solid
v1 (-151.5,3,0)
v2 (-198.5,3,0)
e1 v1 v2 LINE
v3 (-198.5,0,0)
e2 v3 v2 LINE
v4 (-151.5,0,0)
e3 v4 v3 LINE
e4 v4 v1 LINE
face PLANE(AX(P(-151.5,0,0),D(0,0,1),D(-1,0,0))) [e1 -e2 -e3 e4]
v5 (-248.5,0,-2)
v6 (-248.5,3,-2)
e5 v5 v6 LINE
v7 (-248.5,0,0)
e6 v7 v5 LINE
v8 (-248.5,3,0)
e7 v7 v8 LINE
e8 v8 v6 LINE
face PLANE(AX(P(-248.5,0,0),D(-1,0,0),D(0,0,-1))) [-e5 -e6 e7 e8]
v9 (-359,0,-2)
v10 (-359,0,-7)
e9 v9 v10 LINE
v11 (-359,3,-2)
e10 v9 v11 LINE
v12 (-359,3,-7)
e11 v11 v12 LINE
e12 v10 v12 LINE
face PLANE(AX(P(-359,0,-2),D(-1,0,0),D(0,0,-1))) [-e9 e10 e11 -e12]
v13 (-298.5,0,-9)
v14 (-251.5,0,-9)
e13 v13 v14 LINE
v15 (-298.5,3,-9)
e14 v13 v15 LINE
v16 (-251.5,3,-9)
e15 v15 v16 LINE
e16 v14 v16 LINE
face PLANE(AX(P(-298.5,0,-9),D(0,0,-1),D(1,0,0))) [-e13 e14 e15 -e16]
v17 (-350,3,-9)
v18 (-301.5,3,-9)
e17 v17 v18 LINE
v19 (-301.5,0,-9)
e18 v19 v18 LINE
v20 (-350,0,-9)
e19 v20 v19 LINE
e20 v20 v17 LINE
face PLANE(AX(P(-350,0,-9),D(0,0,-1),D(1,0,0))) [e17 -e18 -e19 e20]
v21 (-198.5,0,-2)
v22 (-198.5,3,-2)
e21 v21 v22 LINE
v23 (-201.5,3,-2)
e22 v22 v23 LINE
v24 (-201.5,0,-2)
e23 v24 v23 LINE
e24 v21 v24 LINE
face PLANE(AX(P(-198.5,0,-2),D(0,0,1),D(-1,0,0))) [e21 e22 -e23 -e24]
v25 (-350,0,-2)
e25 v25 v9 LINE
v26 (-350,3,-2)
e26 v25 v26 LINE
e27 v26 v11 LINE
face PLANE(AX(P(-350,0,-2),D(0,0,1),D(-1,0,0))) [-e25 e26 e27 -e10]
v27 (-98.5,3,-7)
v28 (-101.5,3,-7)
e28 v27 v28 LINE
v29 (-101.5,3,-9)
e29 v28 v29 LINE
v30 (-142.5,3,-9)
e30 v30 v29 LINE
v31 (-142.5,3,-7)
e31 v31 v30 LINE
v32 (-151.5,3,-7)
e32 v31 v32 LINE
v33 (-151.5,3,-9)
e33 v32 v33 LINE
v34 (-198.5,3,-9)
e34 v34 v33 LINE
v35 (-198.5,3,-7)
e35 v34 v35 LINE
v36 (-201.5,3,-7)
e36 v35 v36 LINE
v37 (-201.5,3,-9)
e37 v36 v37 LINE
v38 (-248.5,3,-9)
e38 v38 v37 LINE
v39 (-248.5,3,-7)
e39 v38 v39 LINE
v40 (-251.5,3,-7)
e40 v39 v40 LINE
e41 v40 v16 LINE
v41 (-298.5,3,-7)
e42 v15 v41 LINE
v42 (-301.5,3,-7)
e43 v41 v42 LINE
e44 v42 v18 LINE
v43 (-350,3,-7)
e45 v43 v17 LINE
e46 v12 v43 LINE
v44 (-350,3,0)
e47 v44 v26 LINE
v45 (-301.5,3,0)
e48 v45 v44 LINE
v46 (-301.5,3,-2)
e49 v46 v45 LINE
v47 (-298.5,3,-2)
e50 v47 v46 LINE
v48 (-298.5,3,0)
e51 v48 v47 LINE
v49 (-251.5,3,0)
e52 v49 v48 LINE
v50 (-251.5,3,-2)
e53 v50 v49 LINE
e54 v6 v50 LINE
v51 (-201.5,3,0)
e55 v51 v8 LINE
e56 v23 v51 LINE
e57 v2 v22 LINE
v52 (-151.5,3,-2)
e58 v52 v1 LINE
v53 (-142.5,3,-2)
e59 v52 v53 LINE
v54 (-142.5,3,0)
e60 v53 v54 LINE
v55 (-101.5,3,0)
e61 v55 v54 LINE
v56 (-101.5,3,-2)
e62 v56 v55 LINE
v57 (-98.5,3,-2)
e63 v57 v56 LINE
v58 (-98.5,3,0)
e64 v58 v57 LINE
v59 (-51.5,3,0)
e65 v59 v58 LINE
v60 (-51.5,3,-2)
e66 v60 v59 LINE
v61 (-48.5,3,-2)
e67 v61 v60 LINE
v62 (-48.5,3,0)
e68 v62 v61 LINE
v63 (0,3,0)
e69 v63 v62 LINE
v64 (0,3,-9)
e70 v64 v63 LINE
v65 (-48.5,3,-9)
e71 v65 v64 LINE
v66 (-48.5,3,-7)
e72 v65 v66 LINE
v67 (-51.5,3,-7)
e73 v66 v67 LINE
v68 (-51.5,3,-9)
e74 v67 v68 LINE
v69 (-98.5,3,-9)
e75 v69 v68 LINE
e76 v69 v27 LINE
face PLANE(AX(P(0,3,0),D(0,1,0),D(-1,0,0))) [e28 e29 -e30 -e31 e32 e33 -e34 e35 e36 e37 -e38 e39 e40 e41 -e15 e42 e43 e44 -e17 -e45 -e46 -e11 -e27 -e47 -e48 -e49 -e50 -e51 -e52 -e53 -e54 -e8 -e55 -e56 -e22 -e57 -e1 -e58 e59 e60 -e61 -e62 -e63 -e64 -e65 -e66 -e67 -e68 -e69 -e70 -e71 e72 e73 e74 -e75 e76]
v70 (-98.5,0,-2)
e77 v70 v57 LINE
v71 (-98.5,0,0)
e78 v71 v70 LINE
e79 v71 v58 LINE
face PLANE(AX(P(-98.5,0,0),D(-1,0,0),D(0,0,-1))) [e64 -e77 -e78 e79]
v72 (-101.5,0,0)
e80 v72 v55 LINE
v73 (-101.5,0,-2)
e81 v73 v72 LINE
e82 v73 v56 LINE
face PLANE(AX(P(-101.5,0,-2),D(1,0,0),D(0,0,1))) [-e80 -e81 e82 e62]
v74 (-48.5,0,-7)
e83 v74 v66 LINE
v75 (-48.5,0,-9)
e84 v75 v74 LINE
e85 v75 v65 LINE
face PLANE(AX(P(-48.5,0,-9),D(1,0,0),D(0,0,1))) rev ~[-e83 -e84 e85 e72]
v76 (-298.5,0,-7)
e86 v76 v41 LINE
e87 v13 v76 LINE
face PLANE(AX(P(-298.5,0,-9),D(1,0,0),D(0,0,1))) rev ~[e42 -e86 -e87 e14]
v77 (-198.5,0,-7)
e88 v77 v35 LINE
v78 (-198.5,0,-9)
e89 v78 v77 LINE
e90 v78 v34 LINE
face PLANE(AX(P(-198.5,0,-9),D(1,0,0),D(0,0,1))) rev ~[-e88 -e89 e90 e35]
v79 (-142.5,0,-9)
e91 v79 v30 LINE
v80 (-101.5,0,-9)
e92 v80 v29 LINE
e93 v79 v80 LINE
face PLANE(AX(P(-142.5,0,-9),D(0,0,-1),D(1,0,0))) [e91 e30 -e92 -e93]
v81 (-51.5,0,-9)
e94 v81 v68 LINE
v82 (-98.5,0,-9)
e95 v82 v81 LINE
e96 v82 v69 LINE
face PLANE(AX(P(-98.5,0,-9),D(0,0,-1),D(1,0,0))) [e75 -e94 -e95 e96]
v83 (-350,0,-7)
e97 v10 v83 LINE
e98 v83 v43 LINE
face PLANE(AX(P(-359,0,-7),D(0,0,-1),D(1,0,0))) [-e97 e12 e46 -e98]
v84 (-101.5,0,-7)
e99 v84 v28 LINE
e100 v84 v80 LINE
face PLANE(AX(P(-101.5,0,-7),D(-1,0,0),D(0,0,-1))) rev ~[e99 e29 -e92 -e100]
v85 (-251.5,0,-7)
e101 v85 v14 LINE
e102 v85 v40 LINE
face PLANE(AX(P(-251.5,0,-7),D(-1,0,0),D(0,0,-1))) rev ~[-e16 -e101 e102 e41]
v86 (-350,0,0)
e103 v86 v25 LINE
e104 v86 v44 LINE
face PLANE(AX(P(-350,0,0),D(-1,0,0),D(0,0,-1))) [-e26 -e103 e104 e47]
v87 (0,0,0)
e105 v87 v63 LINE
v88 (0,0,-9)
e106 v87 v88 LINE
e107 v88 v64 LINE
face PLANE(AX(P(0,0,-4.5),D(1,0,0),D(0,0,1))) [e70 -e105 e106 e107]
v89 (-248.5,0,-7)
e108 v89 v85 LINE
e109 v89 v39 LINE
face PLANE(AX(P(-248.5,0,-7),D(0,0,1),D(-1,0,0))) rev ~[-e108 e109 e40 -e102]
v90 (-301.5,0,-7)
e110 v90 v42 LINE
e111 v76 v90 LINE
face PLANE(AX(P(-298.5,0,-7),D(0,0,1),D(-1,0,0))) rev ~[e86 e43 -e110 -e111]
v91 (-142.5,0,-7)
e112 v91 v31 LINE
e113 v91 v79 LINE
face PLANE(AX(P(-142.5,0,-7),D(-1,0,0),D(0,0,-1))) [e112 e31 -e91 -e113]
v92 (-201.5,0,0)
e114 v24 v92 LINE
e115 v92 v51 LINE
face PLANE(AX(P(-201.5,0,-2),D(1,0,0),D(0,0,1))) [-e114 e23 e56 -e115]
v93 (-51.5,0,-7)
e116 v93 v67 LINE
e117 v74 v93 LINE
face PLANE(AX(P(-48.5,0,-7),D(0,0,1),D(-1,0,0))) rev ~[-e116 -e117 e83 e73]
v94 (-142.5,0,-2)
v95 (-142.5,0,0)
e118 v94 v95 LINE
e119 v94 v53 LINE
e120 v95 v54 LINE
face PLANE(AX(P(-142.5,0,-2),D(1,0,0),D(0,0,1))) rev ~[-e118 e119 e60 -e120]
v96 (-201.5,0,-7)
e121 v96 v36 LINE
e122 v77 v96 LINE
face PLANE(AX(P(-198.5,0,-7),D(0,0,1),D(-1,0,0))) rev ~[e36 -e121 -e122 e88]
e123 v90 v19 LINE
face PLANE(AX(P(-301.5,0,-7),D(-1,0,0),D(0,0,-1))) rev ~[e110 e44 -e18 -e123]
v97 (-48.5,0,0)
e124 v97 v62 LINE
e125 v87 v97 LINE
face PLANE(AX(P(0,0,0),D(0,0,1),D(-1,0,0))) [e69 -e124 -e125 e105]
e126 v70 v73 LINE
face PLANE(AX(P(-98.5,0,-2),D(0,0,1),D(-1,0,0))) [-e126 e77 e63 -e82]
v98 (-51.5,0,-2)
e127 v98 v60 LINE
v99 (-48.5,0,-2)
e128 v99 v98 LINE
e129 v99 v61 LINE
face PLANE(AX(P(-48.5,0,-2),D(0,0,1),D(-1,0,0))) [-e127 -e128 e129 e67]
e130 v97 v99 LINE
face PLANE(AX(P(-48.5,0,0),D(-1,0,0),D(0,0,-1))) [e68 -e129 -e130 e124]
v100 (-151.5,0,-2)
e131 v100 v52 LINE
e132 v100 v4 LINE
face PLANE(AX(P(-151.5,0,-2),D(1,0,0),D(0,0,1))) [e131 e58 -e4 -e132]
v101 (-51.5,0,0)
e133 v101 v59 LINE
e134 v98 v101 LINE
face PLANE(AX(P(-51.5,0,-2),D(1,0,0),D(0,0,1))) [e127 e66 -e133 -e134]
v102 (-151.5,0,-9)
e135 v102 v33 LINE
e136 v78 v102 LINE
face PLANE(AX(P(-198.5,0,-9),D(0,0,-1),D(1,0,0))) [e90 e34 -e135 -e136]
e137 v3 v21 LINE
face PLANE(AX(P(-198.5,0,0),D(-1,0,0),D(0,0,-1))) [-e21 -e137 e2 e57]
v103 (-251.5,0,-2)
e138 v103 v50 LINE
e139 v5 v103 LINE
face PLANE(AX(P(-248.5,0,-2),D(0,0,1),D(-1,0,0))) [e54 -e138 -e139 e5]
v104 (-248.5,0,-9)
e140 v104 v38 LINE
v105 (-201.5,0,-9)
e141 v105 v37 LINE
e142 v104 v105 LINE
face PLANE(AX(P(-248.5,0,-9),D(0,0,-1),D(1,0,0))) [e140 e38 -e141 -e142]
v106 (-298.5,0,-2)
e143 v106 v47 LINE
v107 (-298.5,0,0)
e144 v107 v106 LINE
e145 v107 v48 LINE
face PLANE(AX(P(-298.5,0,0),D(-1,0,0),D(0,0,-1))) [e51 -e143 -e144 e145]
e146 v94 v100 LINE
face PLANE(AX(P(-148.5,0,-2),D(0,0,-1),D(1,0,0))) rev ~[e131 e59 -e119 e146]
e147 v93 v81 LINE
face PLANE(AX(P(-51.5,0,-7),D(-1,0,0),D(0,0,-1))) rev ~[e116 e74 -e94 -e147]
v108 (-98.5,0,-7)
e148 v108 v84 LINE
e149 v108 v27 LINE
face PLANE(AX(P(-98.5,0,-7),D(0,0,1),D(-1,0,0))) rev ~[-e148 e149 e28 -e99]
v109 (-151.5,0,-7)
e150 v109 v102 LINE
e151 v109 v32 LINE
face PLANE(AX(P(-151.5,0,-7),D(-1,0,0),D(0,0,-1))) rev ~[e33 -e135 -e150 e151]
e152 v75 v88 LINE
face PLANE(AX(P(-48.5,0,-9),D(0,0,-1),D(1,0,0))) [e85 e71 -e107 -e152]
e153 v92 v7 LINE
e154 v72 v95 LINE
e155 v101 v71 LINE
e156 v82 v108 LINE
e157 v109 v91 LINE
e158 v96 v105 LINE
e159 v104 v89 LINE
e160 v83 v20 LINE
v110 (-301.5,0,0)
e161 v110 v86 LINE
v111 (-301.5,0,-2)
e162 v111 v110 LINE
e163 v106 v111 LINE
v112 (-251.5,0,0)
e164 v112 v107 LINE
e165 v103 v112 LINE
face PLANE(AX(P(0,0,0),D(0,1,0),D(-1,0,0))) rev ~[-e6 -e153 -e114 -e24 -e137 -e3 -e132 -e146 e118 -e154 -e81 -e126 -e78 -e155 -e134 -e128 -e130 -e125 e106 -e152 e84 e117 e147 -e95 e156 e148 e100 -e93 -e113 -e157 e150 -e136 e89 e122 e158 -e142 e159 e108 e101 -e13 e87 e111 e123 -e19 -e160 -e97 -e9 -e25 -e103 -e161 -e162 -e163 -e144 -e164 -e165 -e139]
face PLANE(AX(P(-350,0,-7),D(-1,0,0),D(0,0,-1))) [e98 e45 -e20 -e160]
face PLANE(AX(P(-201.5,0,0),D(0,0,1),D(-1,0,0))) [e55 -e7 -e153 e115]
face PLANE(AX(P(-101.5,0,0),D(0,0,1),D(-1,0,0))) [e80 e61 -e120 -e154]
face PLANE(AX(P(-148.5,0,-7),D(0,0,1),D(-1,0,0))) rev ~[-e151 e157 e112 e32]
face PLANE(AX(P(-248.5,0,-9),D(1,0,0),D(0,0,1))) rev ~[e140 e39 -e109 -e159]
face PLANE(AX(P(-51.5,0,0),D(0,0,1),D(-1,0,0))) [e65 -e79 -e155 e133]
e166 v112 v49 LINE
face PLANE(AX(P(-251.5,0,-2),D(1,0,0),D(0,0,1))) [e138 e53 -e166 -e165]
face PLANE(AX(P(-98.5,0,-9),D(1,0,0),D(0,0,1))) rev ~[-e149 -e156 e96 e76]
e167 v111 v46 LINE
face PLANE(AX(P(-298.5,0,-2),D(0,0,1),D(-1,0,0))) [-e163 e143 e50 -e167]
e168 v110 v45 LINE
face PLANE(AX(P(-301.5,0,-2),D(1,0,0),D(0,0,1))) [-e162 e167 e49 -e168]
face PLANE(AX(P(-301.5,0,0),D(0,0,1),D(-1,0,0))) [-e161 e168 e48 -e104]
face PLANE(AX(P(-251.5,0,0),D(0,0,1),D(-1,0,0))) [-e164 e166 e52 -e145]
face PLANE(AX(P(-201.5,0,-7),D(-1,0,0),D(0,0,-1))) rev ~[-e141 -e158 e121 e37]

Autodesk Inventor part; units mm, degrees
ref_plane "YZ Plane" through (0, 0, 0) normal (1, 0, 0) x (0, 1, 0)
ref_plane "XZ Plane" through (0, 0, 0) normal (0, 1, 0) x (-1, 0, 0)
ref_plane "XY Plane" through (0, 0, 0) normal (0, 0, 1) x (1, 0, 0)
sketch "草圖1" plane through (0, 0, 0) normal (0, 1, 0) x (-1, 0, 0)
  line L0 (0, 0) -> (350, 0)
  line L1 (350, 0) -> (350, -9)
  line L2 (350, -9) -> (0, -9)
  line L3 (0, -9) -> (0, 0)
  arc A0 (9.5, -3.1771) -> (9.5, -5.8229) centre (8, -4.5) ccw
  line L4 (0, -4.5) -> (350, -4.5)
  line L5 (301.5, -9) -> (298.5, -9)
  line L6 (298.5, -9) -> (298.5, -7)
  line L7 (298.5, -7) -> (301.5, -7)
  line L8 (301.5, -7) -> (301.5, -9)
  line L9 (298.5, 0) -> (298.5, -2)
  line L10 (298.5, -2) -> (301.5, -2)
  line L11 (301.5, -2) -> (301.5, 0)
  line L12 (248.5, -9) -> (248.5, -7)
  line L13 (248.5, -7) -> (251.5, -7)
  line L14 (251.5, -7) -> (251.5, -9)
  line L15 (248.5, 0) -> (248.5, -2)
  line L16 (248.5, -2) -> (251.5, -2)
  line L17 (251.5, -2) -> (251.5, 0)
  line L18 (198.5, -9) -> (198.5, -7)
  line L19 (198.5, -7) -> (201.5, -7)
  line L20 (201.5, -7) -> (201.5, -9)
  line L21 (198.5, 0) -> (198.5, -2)
  line L22 (198.5, -2) -> (201.5, -2)
  line L23 (201.5, -2) -> (201.5, 0)
  line L24 (148.5, -9) -> (148.5, -7)
  line L25 (148.5, -7) -> (151.5, -7)
  line L26 (151.5, -7) -> (151.5, -9)
  line L27 (148.5, 0) -> (148.5, -2)
  line L28 (148.5, -2) -> (151.5, -2)
  line L29 (151.5, -2) -> (151.5, 0)
  line L30 (98.5, -9) -> (98.5, -7)
  line L31 (98.5, -7) -> (101.5, -7)
  line L32 (101.5, -7) -> (101.5, -9)
  line L33 (98.5, 0) -> (98.5, -2)
  line L34 (98.5, -2) -> (101.5, -2)
  line L35 (101.5, -2) -> (101.5, 0)
  line L36 (48.5, -9) -> (48.5, -7)
  line L37 (48.5, -7) -> (51.5, -7)
  line L38 (51.5, -7) -> (51.5, -9)
  line L39 (48.5, 0) -> (48.5, -2)
  line L40 (48.5, -2) -> (51.5, -2)
  line L41 (51.5, -2) -> (51.5, 0)
  line L42 (350, -2) -> (359, -2)
  line L43 (359, -2) -> (359, -7)
  line L44 (359, -7) -> (350, -7)
  line L45 (350, -7) -> (350, -2)
  line L46 (9.5, -3.1771) -> (9.5, -5.8229)
  line L47 (148.5, -2) -> (142.5, -2)
  line L48 (142.5, -2) -> (142.5, 0)
  line L49 (148.5, -7) -> (142.5, -7)
  line L50 (142.5, -7) -> (142.5, -9)
  point P0 (300, -9)
  point P1 (301.5, 0)
  point P2 (298.5, 0)
  point P3 (251.5, 0)
  point P4 (248.5, 0)
  point P5 (201.5, 0)
  point P6 (198.5, 0)
  point P7 (151.5, 0)
  point P8 (148.5, 0)
  point P9 (101.5, 0)
  point P10 (98.5, 0)
  point P11 (51.5, 0)
  point P12 (48.5, 0)
  point P13 (48.5, -9)
  point P14 (51.5, -9)
  point P15 (98.5, -9)
  point P16 (101.5, -9)
  point P17 (148.5, -9)
  point P18 (151.5, -9)
  point P19 (198.5, -9)
  point P20 (201.5, -9)
  point P21 (248.5, -9)
  point P22 (251.5, -9)
  point P23 (298.5, -9)
  point P24 (301.5, -9)
  dimension "d0" = 350
  dimension "d1" = 9
  dimension "d2" = 4
  dimension "d3" = 8
  dimension "d4" = 3
  dimension "d5" = 2
  dimension "d6" = 50
  dimension "d9" = 50
  dimension "d14" = 5
  dimension "d15" = 9
  dimension "d16" = 1.5
  dimension "d19" = 6
  dimension "d20" = 6
extrude "擠出1" add sketch "草圖1" along normal blind 3 contours L0 L39 L40 L41 L33 L34 L35 L48 L47 L28 L29 L21 L22 L23 L15 L16 L17 L9 L10 L11 L1 L4 L46 A0 L3 | L4 A0 L46 L1 L2 L8 L7 L6 L14 L13 L12 L20 L19 L18 L26 L25 L49 L50 L32 L31 L30 L38 L37 L36 L3 | L4 L46 A0 | A0 L46 L4 | L1 L42 L43 L44
properties part number "main_Bar_3"
